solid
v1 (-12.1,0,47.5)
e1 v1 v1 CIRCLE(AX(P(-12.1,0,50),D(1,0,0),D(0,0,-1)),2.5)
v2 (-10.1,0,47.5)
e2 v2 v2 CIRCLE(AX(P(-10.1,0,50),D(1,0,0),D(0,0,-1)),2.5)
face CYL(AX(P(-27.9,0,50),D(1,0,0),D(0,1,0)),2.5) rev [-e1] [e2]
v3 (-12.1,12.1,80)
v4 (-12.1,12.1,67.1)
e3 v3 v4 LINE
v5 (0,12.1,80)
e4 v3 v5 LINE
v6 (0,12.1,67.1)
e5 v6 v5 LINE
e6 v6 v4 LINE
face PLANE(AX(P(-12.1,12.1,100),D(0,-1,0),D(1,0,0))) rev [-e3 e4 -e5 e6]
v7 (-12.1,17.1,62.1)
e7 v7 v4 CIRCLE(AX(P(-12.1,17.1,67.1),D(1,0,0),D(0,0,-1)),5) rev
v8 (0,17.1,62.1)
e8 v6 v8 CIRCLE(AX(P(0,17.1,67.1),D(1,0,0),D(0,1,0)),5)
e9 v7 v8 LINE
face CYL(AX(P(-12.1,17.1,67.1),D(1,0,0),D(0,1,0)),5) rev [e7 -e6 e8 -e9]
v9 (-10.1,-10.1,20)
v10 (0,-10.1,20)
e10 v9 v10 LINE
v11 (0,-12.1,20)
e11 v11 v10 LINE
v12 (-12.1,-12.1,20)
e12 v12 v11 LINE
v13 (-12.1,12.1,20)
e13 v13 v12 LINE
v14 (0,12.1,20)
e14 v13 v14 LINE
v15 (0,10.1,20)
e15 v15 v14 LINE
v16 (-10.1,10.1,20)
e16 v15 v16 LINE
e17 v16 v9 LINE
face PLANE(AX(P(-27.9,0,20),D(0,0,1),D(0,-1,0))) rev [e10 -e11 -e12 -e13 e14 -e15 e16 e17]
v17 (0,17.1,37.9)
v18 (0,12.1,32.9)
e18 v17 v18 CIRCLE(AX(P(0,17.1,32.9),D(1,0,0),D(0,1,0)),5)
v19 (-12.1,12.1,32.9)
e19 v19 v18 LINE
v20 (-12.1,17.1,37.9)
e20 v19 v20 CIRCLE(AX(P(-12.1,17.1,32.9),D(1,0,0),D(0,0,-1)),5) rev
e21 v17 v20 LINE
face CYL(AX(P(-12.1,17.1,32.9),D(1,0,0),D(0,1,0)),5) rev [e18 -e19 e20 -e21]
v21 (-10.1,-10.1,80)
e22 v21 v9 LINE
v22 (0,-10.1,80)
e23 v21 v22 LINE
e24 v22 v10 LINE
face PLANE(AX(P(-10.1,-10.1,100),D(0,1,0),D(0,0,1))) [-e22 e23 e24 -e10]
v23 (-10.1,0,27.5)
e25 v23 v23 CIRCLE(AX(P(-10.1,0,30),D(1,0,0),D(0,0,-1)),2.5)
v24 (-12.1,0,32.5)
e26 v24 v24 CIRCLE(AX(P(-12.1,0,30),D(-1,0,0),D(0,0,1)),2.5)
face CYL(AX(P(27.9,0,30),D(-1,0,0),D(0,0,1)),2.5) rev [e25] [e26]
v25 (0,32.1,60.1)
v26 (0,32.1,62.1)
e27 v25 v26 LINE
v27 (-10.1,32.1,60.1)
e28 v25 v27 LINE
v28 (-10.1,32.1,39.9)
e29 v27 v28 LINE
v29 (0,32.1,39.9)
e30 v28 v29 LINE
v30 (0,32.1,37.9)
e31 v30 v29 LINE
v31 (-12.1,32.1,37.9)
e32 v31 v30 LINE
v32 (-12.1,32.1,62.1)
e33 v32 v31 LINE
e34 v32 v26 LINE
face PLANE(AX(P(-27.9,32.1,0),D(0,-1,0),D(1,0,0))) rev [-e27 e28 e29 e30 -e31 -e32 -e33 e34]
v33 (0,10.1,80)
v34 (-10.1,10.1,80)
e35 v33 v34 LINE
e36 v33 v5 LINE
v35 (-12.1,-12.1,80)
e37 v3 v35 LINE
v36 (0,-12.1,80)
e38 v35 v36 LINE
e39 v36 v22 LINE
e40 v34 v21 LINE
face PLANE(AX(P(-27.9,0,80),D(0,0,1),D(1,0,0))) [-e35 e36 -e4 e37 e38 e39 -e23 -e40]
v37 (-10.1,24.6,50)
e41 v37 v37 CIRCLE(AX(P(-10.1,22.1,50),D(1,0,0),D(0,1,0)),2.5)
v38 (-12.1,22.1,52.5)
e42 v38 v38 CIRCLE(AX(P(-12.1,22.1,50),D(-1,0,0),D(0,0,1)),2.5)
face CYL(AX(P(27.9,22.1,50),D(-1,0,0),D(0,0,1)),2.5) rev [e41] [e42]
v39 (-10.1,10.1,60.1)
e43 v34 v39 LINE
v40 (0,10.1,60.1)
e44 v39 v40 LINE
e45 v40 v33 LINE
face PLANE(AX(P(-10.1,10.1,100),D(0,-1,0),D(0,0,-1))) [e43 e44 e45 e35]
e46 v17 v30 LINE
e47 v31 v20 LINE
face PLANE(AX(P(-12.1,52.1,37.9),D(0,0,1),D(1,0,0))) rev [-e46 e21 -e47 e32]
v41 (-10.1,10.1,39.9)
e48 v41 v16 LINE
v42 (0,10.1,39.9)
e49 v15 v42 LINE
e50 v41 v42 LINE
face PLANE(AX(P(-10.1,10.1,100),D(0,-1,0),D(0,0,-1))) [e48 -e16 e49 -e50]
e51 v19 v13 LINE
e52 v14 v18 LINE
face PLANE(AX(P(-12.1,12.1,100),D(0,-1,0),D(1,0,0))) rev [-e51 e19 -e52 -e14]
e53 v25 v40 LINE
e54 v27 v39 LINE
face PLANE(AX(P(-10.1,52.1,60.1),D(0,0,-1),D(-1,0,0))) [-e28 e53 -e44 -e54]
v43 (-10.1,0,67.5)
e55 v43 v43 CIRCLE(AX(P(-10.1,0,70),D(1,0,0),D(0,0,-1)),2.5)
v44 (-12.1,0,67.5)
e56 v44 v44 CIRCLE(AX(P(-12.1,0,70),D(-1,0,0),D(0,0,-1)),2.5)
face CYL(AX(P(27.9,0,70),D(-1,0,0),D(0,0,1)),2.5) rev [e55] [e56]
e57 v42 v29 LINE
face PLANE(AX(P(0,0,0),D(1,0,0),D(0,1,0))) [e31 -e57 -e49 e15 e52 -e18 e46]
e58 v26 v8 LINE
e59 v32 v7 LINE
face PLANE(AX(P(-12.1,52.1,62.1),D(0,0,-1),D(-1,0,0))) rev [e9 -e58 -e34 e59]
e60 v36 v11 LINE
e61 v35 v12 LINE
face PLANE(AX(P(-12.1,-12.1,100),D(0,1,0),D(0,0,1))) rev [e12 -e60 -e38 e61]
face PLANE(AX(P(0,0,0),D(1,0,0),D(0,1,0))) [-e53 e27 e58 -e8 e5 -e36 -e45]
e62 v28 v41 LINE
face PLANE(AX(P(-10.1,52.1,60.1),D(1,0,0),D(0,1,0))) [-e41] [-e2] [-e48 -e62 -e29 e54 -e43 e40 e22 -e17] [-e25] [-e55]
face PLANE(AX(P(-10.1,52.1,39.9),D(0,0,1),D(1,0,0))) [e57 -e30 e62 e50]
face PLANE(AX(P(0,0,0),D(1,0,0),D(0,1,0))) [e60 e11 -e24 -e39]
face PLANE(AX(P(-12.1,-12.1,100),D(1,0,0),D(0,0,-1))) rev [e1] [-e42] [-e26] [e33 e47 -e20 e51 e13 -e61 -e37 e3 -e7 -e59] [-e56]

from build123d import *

# Parameters (mm, degrees)
SKETCH_2_W          = 24.2
SKETCH_2_H          = 24.2
SKETCH_2_W_2        = 20.2
SKETCH_2_H_2        = 20.2
EXTRUDE_4_DEPTH     = 100
SKETCH_6_W          = 24.2
SKETCH_6_H          = 24.2
SKETCH_6_W_2        = 20.2
SKETCH_6_H_2        = 20.2
EXTRUDE_5_DEPTH     = 40
SKETCH_7_R          = 2.5
CUT_EXTRUDE_1_DEPTH = 40
SKETCH_8_R          = 2.5
CUT_EXTRUDE_2_DEPTH = 40
CUT_EXTRUDE_START   = -40
SKETCH_9_W          = 20
SKETCH_9_H          = 24.2
SKETCH_9_R          = 2.5
CUT_EXTRUDE_3_DEPTH = 40
SKETCH_10_W         = 24.2
SKETCH_10_H         = 20
SKETCH_10_R         = 2.5
CUT_EXTRUDE_4_DEPTH = 40
SKETCH_11_W         = 69.821202151
SKETCH_11_H         = 48.665955669
CUT_EXTRUDE_5_DEPTH = 12.1
SKETCH_12_W         = 20.2
SKETCH_12_H         = 2
CUT_EXTRUDE_6_DEPTH = 10
SKETCH_13_W         = 20.2
SKETCH_13_H         = 2
CUT_EXTRUDE_7_DEPTH = 0.1
FILLET_1_R          = 5
FILLET_2_R          = 5


with BuildPart() as part:
    # 草图2 → 凸台-拉伸4 (new body)
    with BuildSketch(Plane.XY):
        Rectangle(SKETCH_2_W, SKETCH_2_H)
        Rectangle(SKETCH_2_W_2, SKETCH_2_H_2, mode=Mode.SUBTRACT)
    extrude(amount=EXTRUDE_4_DEPTH)

    # 草图6 → 凸台-拉伸5 (add)
    with BuildSketch(Plane(origin=(0, 12.1, 0), x_dir=(1, 0, 0), z_dir=(0, 1, 0))):
        with Locations((0, -50)):
            Rectangle(SKETCH_6_W, SKETCH_6_H)
        with Locations((0, -50)):
            Rectangle(SKETCH_6_W_2, SKETCH_6_H_2, mode=Mode.SUBTRACT)
    extrude(amount=EXTRUDE_5_DEPTH)

    # 草图7 → 切除-拉伸1 (cut)
    with BuildSketch(Plane.ZY.offset(12.1)):
        with Locations((10, 0)):
            Circle(SKETCH_7_R)
        with Locations((30, 0)):
            Circle(SKETCH_7_R)
        with Locations(Location((90, 0, 0), (0, 0, 180))):
            Circle(SKETCH_7_R)
        with Locations(Location((70, 0, 0), (0, 0, 180))):
            Circle(SKETCH_7_R)
        with Locations((50, 42.1)):
            Circle(SKETCH_7_R)
        with Locations((50, 22.1)):
            Circle(SKETCH_7_R)
    extrude(amount=-CUT_EXTRUDE_1_DEPTH, mode=Mode.SUBTRACT)

    # 草图8 → 切除-拉伸2 (cut)
    with BuildSketch(Plane(origin=(12.1, 0, 0), x_dir=(0, 0, -1), z_dir=(1, 0, 0))):
        with Locations((-50, 0)):
            Circle(SKETCH_8_R)
    extrude(amount=-CUT_EXTRUDE_2_DEPTH, mode=Mode.SUBTRACT)

    # 草图9 → 切除-拉伸3 (cut)
    # profile 1 of 2: a face of its own
    with BuildSketch(Plane(origin=(12.1, 0, 0), x_dir=(0, 0, -1), z_dir=(1, 0, 0)).offset(CUT_EXTRUDE_START)):
        with Locations((-10, 0)):
            Rectangle(SKETCH_9_W, SKETCH_9_H)
        with Locations((-10, 0)):
            Circle(SKETCH_9_R, mode=Mode.SUBTRACT)
    # profile 2 of 2: a face of its own
    with BuildSketch(Plane(origin=(12.1, 0, 0), x_dir=(0, 0, -1), z_dir=(1, 0, 0)).offset(CUT_EXTRUDE_START)):
        with Locations((-90, 0)):
            Rectangle(SKETCH_9_W, SKETCH_9_H)
        with Locations((-90, 0)):
            Circle(SKETCH_9_R, mode=Mode.SUBTRACT)
    extrude(amount=CUT_EXTRUDE_3_DEPTH, mode=Mode.SUBTRACT)

    # 草图10 → 切除-拉伸4 (cut)
    with BuildSketch(Plane(origin=(12.1, 0, 0), x_dir=(0, 0, -1), z_dir=(1, 0, 0)).offset(CUT_EXTRUDE_START)):
        with Locations((-50, 42.1)):
            Rectangle(SKETCH_10_W, SKETCH_10_H)
        with Locations((-50, 42.1)):
            Circle(SKETCH_10_R, mode=Mode.SUBTRACT)
    extrude(amount=CUT_EXTRUDE_4_DEPTH, mode=Mode.SUBTRACT)

    # 草图11 → 切除-拉伸5 (cut)
    with BuildSketch(Plane(origin=(12.1, 0, 0), x_dir=(0, 0, -1), z_dir=(1, 0, 0))):
        with Locations((-50.999985391, 8.600020454)):
            Rectangle(SKETCH_11_W, SKETCH_11_H)
    extrude(amount=-CUT_EXTRUDE_5_DEPTH, mode=Mode.SUBTRACT)

    # 草图12 → 切除-拉伸6 (cut)
    with BuildSketch(Plane(origin=(0, 0, 0), x_dir=(0, 0, -1), z_dir=(1, 0, 0))):
        with Locations((-50, 11.1)):
            Rectangle(SKETCH_12_W, SKETCH_12_H)
    extrude(amount=-CUT_EXTRUDE_6_DEPTH, mode=Mode.SUBTRACT)

    # 草图13 → 切除-拉伸7 (cut)
    with BuildSketch(Plane(origin=(-10, 0, 0), x_dir=(0, 0, -1), z_dir=(1, 0, 0))):
        with Locations((-50, 11.1)):
            Rectangle(SKETCH_13_W, SKETCH_13_H)
    extrude(amount=-CUT_EXTRUDE_7_DEPTH, mode=Mode.SUBTRACT)

    # 圆角1
    fillet_1_edges = [part.edges().sort_by_distance(p)[0] for p in [
        (-6.05, 12.1, 37.9),
    ]]
    fillet(fillet_1_edges, radius=FILLET_1_R)

    # 圆角2
    fillet_2_edges = [part.edges().sort_by_distance(p)[0] for p in [
        (-6.05, 12.1, 62.1),
    ]]
    fillet(fillet_2_edges, radius=FILLET_2_R)


solid = part.part
